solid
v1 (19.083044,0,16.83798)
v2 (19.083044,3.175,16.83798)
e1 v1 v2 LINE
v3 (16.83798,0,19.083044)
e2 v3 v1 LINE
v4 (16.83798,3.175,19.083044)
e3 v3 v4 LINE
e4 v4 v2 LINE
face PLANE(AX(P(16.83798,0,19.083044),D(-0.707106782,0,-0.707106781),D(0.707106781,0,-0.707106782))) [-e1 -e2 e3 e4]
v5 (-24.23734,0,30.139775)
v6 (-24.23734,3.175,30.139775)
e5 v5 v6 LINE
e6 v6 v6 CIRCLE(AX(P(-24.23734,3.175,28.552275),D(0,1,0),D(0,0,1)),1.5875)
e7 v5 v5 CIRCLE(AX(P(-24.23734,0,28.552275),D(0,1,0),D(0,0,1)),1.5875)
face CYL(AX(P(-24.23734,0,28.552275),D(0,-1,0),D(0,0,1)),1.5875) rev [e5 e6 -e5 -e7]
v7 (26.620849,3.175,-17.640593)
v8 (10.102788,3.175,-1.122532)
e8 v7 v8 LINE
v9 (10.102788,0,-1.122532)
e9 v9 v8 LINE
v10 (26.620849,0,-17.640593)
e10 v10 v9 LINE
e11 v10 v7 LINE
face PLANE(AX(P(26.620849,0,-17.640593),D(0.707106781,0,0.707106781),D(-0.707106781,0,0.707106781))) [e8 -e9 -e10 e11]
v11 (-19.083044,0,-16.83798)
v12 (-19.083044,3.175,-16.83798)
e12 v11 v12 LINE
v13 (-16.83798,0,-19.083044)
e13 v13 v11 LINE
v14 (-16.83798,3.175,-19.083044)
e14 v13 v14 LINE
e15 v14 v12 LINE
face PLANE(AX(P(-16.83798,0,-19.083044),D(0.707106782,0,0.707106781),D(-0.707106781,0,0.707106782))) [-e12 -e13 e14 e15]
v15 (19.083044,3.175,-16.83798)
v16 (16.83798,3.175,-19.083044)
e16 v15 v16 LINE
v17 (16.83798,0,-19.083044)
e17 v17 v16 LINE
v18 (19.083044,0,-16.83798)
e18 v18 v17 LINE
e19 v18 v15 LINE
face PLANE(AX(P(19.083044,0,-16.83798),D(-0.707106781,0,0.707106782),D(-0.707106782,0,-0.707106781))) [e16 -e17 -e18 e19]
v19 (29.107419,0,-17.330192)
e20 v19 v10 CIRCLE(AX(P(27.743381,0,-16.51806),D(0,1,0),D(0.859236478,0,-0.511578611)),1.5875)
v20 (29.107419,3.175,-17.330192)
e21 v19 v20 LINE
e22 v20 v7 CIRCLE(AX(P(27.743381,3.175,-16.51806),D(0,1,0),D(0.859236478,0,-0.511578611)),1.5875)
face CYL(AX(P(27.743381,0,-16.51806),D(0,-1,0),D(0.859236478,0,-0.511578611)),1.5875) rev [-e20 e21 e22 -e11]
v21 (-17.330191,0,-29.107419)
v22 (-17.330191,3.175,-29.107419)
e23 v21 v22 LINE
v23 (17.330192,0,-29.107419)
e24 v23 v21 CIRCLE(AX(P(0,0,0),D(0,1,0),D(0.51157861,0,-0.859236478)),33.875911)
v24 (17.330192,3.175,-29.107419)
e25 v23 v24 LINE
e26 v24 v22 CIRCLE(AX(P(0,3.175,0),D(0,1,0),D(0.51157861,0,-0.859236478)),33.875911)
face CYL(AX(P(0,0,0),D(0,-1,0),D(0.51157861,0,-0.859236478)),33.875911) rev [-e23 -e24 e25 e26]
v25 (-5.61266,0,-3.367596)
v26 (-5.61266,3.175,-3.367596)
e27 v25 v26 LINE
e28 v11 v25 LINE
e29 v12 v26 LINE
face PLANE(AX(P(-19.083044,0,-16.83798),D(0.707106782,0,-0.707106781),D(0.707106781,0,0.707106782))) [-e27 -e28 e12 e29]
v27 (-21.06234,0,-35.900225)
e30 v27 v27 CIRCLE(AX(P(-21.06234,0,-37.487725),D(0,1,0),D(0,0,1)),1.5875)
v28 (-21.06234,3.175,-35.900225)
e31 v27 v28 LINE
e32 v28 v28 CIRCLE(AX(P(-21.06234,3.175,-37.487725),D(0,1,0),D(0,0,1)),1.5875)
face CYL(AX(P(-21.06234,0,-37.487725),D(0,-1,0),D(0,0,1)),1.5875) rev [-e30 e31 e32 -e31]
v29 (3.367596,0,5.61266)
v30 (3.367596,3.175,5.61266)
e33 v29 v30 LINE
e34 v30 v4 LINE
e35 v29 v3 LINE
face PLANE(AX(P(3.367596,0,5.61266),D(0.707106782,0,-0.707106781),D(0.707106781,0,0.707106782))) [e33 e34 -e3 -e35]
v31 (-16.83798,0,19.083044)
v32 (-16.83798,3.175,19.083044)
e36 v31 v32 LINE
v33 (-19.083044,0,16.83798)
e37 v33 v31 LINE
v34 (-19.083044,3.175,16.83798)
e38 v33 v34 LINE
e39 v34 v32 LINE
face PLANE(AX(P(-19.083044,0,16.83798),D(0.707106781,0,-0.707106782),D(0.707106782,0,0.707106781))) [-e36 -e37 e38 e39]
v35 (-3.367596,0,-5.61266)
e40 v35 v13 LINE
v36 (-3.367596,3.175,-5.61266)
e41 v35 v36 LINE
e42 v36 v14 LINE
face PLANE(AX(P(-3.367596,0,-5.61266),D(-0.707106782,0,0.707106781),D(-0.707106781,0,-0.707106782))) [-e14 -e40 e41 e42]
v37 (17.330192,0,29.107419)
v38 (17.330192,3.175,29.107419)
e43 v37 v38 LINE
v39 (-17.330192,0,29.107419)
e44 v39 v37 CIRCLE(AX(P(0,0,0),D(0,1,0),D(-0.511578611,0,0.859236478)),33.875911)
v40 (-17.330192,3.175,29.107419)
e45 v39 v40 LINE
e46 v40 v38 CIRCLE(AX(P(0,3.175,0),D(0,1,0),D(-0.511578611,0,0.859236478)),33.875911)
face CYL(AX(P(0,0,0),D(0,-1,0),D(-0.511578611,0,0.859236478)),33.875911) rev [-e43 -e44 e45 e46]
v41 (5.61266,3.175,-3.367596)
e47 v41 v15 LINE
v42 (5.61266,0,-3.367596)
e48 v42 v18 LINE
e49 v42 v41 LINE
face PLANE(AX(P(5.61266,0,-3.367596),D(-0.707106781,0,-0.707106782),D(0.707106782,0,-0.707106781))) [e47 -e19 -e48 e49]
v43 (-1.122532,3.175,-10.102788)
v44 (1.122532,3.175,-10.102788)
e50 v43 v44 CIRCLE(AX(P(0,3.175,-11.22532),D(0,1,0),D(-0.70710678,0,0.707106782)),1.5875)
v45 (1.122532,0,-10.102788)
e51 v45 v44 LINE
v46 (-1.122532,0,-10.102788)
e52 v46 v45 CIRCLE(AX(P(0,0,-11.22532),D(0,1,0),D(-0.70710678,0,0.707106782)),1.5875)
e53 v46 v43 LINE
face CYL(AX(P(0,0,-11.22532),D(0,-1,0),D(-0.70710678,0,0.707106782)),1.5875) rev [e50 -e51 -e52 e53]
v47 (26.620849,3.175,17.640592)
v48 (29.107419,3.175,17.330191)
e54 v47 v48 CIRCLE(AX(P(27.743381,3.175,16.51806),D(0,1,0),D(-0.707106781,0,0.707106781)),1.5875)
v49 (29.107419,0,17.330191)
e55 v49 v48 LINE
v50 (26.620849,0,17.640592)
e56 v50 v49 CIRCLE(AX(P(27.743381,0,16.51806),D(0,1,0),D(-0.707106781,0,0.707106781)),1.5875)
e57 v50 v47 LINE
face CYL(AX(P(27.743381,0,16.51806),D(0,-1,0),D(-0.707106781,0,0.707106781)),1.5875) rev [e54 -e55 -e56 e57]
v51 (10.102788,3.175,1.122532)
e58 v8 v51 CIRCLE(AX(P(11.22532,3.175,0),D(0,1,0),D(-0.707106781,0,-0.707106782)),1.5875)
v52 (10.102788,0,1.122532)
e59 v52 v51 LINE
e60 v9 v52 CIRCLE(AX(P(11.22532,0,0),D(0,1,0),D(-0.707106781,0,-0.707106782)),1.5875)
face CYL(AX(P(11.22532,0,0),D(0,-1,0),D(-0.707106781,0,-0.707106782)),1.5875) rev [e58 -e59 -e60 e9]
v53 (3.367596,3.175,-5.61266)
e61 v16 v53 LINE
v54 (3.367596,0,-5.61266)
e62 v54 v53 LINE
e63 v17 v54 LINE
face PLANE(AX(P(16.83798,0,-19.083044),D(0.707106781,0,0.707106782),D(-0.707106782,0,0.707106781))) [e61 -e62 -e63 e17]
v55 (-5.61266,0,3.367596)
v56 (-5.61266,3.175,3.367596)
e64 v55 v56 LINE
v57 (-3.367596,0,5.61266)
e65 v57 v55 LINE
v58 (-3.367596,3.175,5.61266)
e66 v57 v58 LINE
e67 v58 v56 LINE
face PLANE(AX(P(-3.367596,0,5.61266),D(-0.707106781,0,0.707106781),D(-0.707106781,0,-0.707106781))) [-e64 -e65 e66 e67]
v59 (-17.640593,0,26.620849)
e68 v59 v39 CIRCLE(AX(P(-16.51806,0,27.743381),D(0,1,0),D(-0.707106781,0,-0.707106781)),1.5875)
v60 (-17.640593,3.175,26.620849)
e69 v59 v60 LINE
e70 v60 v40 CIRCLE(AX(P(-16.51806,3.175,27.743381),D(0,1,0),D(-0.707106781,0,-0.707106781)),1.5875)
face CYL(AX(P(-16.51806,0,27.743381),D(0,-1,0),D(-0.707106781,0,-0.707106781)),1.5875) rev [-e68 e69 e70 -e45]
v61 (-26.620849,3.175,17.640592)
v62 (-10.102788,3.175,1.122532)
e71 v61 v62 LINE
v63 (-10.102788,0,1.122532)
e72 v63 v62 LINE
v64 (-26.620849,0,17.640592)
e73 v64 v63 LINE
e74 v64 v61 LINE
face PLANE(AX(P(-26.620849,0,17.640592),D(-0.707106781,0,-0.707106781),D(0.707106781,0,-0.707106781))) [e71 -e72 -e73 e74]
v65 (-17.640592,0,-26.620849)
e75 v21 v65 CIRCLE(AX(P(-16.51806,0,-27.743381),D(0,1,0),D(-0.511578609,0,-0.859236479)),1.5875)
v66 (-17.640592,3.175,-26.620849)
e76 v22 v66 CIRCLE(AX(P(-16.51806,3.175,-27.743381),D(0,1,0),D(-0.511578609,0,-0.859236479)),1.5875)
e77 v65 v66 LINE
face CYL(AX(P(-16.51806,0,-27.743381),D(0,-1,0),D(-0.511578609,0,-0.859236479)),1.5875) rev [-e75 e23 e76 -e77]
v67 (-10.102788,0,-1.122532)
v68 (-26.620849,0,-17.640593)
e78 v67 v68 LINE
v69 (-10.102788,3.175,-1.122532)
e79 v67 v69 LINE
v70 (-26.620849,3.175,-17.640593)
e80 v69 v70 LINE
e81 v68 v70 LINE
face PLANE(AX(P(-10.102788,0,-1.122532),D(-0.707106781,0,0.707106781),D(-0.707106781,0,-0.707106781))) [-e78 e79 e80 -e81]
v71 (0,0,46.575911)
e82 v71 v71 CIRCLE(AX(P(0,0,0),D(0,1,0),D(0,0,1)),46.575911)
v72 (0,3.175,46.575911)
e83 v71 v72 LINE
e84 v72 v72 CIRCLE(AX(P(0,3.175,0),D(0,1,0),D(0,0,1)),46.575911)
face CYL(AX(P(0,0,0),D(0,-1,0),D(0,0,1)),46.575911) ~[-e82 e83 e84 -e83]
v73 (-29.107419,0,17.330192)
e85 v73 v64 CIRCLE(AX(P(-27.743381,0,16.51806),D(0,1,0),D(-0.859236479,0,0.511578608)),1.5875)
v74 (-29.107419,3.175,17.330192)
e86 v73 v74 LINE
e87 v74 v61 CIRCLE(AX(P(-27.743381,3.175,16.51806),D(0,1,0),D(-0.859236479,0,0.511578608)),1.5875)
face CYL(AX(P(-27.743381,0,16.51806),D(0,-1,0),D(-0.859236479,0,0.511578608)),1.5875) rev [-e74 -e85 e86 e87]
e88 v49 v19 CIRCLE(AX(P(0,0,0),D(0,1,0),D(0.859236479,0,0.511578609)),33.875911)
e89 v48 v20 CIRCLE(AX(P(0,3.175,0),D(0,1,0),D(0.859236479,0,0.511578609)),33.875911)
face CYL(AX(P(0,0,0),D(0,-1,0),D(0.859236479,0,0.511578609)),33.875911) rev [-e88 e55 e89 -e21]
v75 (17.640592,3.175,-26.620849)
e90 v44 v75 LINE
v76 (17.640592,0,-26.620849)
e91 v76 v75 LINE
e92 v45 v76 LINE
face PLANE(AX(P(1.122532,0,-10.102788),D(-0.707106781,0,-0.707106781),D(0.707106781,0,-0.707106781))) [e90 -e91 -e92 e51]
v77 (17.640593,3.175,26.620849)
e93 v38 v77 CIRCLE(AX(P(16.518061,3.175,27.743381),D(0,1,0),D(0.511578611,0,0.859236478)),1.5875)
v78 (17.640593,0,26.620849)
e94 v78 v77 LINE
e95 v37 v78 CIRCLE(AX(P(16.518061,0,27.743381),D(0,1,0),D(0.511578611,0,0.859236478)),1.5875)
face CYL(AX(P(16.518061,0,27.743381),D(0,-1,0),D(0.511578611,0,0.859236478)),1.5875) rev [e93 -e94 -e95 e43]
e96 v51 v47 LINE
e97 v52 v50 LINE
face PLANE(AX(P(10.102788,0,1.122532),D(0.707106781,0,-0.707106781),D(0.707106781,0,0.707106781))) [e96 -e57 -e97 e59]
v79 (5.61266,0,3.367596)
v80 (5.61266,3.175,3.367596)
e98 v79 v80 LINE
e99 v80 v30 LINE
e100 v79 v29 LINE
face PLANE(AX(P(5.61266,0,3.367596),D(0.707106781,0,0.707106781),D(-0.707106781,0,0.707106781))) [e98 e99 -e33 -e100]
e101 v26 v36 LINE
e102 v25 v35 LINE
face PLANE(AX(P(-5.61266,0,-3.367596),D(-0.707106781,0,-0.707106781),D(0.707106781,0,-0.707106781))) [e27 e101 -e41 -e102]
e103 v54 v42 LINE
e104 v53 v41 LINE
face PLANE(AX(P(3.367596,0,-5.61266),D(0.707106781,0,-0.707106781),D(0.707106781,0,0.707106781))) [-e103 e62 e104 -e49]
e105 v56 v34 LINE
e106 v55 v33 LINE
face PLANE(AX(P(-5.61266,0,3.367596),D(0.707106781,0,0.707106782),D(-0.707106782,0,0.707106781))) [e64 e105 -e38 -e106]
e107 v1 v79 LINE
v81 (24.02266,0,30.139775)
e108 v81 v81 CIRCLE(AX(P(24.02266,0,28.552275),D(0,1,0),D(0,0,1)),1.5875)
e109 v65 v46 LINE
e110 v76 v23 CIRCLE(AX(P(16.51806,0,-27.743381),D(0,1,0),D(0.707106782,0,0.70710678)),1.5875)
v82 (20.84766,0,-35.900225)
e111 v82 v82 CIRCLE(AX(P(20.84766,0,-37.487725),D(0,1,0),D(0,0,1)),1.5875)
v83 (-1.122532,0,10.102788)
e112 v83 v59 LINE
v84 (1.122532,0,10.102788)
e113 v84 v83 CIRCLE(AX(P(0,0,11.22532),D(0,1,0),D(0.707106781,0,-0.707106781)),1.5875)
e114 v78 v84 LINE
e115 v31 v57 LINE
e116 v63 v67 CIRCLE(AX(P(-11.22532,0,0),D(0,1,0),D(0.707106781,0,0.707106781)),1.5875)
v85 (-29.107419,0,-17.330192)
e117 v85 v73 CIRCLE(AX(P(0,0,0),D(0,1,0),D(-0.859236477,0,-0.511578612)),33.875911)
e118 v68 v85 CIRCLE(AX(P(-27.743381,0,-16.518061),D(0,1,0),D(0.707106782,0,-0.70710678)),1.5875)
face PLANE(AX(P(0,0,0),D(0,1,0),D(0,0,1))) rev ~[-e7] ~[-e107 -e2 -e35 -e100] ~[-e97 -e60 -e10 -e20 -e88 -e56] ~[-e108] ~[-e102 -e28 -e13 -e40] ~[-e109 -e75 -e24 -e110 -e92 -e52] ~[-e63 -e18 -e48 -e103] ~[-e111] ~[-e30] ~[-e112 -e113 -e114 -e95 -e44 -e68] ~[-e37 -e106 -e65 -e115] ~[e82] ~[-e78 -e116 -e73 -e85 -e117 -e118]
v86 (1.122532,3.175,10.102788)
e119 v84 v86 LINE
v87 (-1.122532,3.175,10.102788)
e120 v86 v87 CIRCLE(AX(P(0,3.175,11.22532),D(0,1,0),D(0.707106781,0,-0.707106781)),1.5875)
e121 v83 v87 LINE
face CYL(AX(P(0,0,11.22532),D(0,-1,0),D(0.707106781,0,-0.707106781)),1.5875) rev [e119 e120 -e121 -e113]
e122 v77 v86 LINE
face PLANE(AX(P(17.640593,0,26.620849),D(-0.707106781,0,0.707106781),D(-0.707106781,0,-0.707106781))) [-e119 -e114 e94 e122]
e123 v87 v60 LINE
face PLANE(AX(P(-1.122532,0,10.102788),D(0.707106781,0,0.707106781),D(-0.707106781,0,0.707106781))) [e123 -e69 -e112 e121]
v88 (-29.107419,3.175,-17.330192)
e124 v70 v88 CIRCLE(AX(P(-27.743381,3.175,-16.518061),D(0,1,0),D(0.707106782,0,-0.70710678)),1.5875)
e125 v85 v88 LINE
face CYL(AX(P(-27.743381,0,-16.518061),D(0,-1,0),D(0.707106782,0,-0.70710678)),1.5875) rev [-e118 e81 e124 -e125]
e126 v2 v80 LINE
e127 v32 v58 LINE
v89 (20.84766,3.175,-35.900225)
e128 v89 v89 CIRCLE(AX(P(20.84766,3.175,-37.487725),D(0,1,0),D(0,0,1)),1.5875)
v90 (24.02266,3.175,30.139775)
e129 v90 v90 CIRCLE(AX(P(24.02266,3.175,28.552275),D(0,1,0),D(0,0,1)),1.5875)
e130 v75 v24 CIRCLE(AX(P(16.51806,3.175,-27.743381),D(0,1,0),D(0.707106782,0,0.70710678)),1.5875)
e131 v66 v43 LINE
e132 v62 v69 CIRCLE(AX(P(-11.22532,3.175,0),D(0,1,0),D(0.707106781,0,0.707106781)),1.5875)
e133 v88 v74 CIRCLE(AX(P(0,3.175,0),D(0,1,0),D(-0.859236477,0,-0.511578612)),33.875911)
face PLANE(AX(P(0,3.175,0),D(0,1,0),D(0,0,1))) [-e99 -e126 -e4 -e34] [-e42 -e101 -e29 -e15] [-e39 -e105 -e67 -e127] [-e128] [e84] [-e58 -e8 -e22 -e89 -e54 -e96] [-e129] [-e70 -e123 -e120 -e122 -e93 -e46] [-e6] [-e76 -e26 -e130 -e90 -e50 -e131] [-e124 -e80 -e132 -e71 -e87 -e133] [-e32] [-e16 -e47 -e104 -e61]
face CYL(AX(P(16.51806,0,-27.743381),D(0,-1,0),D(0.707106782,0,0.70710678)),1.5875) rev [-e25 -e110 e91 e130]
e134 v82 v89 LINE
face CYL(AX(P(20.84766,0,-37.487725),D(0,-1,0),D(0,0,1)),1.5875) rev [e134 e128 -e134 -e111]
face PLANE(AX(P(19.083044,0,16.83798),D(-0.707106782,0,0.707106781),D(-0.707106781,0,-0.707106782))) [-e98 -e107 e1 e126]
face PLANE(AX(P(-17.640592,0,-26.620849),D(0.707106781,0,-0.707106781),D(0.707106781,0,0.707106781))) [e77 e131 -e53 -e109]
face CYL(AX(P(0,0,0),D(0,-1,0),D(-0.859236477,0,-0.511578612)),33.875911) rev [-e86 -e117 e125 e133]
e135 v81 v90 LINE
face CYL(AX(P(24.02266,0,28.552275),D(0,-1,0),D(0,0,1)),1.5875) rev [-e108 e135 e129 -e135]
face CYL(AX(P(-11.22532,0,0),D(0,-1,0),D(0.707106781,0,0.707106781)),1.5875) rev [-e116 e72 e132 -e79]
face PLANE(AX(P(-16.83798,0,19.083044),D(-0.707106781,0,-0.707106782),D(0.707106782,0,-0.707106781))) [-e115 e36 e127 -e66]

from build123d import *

# Parameters (mm, degrees)
SKETCH1_R           = 46.575911122
SKETCH1_R_2         = 1.5875
SKETCH1_R_3         = 1.587499998
BOSS_EXTRUDE1_DEPTH = 3.175


with BuildPart() as part:
    # Sketch1 → Boss-Extrude1 (new body)
    with BuildSketch(Plane(origin=(0, 0, 0), x_dir=(1, 0, 0), z_dir=(0, 1, 0))):
        with Locations(Location((-1e-09, 0, 0), (0, 0, 270))):
            Circle(SKETCH1_R)
        with Locations(Location((24.022660032, -28.55227459, 0), (0, 0, 270))):
            Circle(SKETCH1_R_2, mode=Mode.SUBTRACT)
        with Locations(Location((-24.237339968, -28.55227459, 0), (0, 0, 270))):
            Circle(SKETCH1_R_3, mode=Mode.SUBTRACT)
        with Locations(Location((-21.062339968, 37.48772541, 0), (0, 0, 270))):
            Circle(SKETCH1_R_2, mode=Mode.SUBTRACT)
        with Locations(Location((20.847660032, 37.48772541, 0), (0, 0, 270))):
            Circle(SKETCH1_R_2, mode=Mode.SUBTRACT)
        with BuildLine():
            Line((-1.12253199, -10.1027881), (-17.640592509, -26.62084862))
            ThreePointArc((-17.640592509, -26.62084862), (-18.09333437, -27.940023623), (-17.330191539, -29.107418543))
            ThreePointArc((-17.330191539, -29.107418543), (1.9e-08, -33.875911102), (17.330191572, -29.107418523))
            ThreePointArc((17.330191572, -29.107418523), (18.093334404, -27.940023602), (17.640592543, -26.620848599))
            Line((17.640592543, -26.620848599), (1.12253204, -10.1027881))
            ThreePointArc((1.12253204, -10.1027881), (2.5e-08, -9.637820115), (-1.12253199, -10.1027881))
        make_face(mode=Mode.SUBTRACT)
        with BuildLine():
            Line((-10.102788112, 1.122532053), (-26.6208486, 17.640592539))
            ThreePointArc((-26.6208486, 17.640592539), (-27.940023602, 18.093334401), (-29.107418522, 17.330191571))
            ThreePointArc((-29.107418522, 17.330191571), (-33.875911101, 2.9e-08), (-29.107418553, -17.330191521))
            ThreePointArc((-29.107418553, -17.330191521), (-27.940023632, -18.093334356), (-26.620848627, -17.640592494))
            Line((-26.620848627, -17.640592494), (-10.102788113, -1.122531976))
            ThreePointArc((-10.102788113, -1.122531976), (-9.637820128, 3.8e-08), (-10.102788112, 1.122532053))
        make_face(mode=Mode.SUBTRACT)
        with BuildLine():
            Line((1.122532046, 10.102788181), (17.640592494, 26.620848628))
            ThreePointArc((17.640592494, 26.620848628), (18.093334353, 27.940023632), (17.33019152, 29.107418551))
            ThreePointArc((17.33019152, 29.107418551), (2.4e-08, 33.8759111), (-17.33019148, 29.107418577))
            ThreePointArc((-17.33019148, 29.107418577), (-18.093334314, 27.940023657), (-17.640592454, 26.620848652))
            Line((-17.640592454, 26.620848652), (-1.122531984, 10.102788181))
            ThreePointArc((-1.122531984, 10.102788181), (3.1e-08, 9.637820197), (1.122532046, 10.102788181))
        make_face(mode=Mode.SUBTRACT)
        with BuildLine():
            Line((26.620848619, 17.64059251), (10.102788169, 1.12253206))
            ThreePointArc((10.102788169, 1.12253206), (9.637820183, 4.4e-08), (10.102788168, -1.122531972))
            Line((10.102788168, -1.122531972), (26.620848653, -17.640592453))
            ThreePointArc((26.620848653, -17.640592453), (27.940023657, -18.093334314), (29.107418578, -17.33019148))
            ThreePointArc((29.107418578, -17.33019148), (33.875911102, 3.4e-08), (29.107418542, 17.330191539))
            ThreePointArc((29.107418542, 17.330191539), (27.940023622, 18.09333437), (26.620848619, 17.64059251))
        make_face(mode=Mode.SUBTRACT)
        Polygon((-19.083044242, -16.837980228), (-16.837980211, -19.083044257), (-3.367596019, -5.612660086), (-5.61266005, -3.367596056), align=None, mode=Mode.SUBTRACT)
        Polygon((16.837980228, -19.083044242), (19.083044257, -16.837980211), (5.612660086, -3.367596019), (3.367596056, -5.61266005), align=None, mode=Mode.SUBTRACT)
        Polygon((19.083044242, 16.837980228), (16.837980211, 19.083044257), (3.367596019, 5.612660086), (5.61266005, 3.367596056), align=None, mode=Mode.SUBTRACT)
        Polygon((-16.837980228, 19.083044242), (-19.083044257, 16.837980211), (-5.612660086, 3.367596019), (-3.367596056, 5.61266005), align=None, mode=Mode.SUBTRACT)
    extrude(amount=BOSS_EXTRUDE1_DEPTH)


solid = part.part
